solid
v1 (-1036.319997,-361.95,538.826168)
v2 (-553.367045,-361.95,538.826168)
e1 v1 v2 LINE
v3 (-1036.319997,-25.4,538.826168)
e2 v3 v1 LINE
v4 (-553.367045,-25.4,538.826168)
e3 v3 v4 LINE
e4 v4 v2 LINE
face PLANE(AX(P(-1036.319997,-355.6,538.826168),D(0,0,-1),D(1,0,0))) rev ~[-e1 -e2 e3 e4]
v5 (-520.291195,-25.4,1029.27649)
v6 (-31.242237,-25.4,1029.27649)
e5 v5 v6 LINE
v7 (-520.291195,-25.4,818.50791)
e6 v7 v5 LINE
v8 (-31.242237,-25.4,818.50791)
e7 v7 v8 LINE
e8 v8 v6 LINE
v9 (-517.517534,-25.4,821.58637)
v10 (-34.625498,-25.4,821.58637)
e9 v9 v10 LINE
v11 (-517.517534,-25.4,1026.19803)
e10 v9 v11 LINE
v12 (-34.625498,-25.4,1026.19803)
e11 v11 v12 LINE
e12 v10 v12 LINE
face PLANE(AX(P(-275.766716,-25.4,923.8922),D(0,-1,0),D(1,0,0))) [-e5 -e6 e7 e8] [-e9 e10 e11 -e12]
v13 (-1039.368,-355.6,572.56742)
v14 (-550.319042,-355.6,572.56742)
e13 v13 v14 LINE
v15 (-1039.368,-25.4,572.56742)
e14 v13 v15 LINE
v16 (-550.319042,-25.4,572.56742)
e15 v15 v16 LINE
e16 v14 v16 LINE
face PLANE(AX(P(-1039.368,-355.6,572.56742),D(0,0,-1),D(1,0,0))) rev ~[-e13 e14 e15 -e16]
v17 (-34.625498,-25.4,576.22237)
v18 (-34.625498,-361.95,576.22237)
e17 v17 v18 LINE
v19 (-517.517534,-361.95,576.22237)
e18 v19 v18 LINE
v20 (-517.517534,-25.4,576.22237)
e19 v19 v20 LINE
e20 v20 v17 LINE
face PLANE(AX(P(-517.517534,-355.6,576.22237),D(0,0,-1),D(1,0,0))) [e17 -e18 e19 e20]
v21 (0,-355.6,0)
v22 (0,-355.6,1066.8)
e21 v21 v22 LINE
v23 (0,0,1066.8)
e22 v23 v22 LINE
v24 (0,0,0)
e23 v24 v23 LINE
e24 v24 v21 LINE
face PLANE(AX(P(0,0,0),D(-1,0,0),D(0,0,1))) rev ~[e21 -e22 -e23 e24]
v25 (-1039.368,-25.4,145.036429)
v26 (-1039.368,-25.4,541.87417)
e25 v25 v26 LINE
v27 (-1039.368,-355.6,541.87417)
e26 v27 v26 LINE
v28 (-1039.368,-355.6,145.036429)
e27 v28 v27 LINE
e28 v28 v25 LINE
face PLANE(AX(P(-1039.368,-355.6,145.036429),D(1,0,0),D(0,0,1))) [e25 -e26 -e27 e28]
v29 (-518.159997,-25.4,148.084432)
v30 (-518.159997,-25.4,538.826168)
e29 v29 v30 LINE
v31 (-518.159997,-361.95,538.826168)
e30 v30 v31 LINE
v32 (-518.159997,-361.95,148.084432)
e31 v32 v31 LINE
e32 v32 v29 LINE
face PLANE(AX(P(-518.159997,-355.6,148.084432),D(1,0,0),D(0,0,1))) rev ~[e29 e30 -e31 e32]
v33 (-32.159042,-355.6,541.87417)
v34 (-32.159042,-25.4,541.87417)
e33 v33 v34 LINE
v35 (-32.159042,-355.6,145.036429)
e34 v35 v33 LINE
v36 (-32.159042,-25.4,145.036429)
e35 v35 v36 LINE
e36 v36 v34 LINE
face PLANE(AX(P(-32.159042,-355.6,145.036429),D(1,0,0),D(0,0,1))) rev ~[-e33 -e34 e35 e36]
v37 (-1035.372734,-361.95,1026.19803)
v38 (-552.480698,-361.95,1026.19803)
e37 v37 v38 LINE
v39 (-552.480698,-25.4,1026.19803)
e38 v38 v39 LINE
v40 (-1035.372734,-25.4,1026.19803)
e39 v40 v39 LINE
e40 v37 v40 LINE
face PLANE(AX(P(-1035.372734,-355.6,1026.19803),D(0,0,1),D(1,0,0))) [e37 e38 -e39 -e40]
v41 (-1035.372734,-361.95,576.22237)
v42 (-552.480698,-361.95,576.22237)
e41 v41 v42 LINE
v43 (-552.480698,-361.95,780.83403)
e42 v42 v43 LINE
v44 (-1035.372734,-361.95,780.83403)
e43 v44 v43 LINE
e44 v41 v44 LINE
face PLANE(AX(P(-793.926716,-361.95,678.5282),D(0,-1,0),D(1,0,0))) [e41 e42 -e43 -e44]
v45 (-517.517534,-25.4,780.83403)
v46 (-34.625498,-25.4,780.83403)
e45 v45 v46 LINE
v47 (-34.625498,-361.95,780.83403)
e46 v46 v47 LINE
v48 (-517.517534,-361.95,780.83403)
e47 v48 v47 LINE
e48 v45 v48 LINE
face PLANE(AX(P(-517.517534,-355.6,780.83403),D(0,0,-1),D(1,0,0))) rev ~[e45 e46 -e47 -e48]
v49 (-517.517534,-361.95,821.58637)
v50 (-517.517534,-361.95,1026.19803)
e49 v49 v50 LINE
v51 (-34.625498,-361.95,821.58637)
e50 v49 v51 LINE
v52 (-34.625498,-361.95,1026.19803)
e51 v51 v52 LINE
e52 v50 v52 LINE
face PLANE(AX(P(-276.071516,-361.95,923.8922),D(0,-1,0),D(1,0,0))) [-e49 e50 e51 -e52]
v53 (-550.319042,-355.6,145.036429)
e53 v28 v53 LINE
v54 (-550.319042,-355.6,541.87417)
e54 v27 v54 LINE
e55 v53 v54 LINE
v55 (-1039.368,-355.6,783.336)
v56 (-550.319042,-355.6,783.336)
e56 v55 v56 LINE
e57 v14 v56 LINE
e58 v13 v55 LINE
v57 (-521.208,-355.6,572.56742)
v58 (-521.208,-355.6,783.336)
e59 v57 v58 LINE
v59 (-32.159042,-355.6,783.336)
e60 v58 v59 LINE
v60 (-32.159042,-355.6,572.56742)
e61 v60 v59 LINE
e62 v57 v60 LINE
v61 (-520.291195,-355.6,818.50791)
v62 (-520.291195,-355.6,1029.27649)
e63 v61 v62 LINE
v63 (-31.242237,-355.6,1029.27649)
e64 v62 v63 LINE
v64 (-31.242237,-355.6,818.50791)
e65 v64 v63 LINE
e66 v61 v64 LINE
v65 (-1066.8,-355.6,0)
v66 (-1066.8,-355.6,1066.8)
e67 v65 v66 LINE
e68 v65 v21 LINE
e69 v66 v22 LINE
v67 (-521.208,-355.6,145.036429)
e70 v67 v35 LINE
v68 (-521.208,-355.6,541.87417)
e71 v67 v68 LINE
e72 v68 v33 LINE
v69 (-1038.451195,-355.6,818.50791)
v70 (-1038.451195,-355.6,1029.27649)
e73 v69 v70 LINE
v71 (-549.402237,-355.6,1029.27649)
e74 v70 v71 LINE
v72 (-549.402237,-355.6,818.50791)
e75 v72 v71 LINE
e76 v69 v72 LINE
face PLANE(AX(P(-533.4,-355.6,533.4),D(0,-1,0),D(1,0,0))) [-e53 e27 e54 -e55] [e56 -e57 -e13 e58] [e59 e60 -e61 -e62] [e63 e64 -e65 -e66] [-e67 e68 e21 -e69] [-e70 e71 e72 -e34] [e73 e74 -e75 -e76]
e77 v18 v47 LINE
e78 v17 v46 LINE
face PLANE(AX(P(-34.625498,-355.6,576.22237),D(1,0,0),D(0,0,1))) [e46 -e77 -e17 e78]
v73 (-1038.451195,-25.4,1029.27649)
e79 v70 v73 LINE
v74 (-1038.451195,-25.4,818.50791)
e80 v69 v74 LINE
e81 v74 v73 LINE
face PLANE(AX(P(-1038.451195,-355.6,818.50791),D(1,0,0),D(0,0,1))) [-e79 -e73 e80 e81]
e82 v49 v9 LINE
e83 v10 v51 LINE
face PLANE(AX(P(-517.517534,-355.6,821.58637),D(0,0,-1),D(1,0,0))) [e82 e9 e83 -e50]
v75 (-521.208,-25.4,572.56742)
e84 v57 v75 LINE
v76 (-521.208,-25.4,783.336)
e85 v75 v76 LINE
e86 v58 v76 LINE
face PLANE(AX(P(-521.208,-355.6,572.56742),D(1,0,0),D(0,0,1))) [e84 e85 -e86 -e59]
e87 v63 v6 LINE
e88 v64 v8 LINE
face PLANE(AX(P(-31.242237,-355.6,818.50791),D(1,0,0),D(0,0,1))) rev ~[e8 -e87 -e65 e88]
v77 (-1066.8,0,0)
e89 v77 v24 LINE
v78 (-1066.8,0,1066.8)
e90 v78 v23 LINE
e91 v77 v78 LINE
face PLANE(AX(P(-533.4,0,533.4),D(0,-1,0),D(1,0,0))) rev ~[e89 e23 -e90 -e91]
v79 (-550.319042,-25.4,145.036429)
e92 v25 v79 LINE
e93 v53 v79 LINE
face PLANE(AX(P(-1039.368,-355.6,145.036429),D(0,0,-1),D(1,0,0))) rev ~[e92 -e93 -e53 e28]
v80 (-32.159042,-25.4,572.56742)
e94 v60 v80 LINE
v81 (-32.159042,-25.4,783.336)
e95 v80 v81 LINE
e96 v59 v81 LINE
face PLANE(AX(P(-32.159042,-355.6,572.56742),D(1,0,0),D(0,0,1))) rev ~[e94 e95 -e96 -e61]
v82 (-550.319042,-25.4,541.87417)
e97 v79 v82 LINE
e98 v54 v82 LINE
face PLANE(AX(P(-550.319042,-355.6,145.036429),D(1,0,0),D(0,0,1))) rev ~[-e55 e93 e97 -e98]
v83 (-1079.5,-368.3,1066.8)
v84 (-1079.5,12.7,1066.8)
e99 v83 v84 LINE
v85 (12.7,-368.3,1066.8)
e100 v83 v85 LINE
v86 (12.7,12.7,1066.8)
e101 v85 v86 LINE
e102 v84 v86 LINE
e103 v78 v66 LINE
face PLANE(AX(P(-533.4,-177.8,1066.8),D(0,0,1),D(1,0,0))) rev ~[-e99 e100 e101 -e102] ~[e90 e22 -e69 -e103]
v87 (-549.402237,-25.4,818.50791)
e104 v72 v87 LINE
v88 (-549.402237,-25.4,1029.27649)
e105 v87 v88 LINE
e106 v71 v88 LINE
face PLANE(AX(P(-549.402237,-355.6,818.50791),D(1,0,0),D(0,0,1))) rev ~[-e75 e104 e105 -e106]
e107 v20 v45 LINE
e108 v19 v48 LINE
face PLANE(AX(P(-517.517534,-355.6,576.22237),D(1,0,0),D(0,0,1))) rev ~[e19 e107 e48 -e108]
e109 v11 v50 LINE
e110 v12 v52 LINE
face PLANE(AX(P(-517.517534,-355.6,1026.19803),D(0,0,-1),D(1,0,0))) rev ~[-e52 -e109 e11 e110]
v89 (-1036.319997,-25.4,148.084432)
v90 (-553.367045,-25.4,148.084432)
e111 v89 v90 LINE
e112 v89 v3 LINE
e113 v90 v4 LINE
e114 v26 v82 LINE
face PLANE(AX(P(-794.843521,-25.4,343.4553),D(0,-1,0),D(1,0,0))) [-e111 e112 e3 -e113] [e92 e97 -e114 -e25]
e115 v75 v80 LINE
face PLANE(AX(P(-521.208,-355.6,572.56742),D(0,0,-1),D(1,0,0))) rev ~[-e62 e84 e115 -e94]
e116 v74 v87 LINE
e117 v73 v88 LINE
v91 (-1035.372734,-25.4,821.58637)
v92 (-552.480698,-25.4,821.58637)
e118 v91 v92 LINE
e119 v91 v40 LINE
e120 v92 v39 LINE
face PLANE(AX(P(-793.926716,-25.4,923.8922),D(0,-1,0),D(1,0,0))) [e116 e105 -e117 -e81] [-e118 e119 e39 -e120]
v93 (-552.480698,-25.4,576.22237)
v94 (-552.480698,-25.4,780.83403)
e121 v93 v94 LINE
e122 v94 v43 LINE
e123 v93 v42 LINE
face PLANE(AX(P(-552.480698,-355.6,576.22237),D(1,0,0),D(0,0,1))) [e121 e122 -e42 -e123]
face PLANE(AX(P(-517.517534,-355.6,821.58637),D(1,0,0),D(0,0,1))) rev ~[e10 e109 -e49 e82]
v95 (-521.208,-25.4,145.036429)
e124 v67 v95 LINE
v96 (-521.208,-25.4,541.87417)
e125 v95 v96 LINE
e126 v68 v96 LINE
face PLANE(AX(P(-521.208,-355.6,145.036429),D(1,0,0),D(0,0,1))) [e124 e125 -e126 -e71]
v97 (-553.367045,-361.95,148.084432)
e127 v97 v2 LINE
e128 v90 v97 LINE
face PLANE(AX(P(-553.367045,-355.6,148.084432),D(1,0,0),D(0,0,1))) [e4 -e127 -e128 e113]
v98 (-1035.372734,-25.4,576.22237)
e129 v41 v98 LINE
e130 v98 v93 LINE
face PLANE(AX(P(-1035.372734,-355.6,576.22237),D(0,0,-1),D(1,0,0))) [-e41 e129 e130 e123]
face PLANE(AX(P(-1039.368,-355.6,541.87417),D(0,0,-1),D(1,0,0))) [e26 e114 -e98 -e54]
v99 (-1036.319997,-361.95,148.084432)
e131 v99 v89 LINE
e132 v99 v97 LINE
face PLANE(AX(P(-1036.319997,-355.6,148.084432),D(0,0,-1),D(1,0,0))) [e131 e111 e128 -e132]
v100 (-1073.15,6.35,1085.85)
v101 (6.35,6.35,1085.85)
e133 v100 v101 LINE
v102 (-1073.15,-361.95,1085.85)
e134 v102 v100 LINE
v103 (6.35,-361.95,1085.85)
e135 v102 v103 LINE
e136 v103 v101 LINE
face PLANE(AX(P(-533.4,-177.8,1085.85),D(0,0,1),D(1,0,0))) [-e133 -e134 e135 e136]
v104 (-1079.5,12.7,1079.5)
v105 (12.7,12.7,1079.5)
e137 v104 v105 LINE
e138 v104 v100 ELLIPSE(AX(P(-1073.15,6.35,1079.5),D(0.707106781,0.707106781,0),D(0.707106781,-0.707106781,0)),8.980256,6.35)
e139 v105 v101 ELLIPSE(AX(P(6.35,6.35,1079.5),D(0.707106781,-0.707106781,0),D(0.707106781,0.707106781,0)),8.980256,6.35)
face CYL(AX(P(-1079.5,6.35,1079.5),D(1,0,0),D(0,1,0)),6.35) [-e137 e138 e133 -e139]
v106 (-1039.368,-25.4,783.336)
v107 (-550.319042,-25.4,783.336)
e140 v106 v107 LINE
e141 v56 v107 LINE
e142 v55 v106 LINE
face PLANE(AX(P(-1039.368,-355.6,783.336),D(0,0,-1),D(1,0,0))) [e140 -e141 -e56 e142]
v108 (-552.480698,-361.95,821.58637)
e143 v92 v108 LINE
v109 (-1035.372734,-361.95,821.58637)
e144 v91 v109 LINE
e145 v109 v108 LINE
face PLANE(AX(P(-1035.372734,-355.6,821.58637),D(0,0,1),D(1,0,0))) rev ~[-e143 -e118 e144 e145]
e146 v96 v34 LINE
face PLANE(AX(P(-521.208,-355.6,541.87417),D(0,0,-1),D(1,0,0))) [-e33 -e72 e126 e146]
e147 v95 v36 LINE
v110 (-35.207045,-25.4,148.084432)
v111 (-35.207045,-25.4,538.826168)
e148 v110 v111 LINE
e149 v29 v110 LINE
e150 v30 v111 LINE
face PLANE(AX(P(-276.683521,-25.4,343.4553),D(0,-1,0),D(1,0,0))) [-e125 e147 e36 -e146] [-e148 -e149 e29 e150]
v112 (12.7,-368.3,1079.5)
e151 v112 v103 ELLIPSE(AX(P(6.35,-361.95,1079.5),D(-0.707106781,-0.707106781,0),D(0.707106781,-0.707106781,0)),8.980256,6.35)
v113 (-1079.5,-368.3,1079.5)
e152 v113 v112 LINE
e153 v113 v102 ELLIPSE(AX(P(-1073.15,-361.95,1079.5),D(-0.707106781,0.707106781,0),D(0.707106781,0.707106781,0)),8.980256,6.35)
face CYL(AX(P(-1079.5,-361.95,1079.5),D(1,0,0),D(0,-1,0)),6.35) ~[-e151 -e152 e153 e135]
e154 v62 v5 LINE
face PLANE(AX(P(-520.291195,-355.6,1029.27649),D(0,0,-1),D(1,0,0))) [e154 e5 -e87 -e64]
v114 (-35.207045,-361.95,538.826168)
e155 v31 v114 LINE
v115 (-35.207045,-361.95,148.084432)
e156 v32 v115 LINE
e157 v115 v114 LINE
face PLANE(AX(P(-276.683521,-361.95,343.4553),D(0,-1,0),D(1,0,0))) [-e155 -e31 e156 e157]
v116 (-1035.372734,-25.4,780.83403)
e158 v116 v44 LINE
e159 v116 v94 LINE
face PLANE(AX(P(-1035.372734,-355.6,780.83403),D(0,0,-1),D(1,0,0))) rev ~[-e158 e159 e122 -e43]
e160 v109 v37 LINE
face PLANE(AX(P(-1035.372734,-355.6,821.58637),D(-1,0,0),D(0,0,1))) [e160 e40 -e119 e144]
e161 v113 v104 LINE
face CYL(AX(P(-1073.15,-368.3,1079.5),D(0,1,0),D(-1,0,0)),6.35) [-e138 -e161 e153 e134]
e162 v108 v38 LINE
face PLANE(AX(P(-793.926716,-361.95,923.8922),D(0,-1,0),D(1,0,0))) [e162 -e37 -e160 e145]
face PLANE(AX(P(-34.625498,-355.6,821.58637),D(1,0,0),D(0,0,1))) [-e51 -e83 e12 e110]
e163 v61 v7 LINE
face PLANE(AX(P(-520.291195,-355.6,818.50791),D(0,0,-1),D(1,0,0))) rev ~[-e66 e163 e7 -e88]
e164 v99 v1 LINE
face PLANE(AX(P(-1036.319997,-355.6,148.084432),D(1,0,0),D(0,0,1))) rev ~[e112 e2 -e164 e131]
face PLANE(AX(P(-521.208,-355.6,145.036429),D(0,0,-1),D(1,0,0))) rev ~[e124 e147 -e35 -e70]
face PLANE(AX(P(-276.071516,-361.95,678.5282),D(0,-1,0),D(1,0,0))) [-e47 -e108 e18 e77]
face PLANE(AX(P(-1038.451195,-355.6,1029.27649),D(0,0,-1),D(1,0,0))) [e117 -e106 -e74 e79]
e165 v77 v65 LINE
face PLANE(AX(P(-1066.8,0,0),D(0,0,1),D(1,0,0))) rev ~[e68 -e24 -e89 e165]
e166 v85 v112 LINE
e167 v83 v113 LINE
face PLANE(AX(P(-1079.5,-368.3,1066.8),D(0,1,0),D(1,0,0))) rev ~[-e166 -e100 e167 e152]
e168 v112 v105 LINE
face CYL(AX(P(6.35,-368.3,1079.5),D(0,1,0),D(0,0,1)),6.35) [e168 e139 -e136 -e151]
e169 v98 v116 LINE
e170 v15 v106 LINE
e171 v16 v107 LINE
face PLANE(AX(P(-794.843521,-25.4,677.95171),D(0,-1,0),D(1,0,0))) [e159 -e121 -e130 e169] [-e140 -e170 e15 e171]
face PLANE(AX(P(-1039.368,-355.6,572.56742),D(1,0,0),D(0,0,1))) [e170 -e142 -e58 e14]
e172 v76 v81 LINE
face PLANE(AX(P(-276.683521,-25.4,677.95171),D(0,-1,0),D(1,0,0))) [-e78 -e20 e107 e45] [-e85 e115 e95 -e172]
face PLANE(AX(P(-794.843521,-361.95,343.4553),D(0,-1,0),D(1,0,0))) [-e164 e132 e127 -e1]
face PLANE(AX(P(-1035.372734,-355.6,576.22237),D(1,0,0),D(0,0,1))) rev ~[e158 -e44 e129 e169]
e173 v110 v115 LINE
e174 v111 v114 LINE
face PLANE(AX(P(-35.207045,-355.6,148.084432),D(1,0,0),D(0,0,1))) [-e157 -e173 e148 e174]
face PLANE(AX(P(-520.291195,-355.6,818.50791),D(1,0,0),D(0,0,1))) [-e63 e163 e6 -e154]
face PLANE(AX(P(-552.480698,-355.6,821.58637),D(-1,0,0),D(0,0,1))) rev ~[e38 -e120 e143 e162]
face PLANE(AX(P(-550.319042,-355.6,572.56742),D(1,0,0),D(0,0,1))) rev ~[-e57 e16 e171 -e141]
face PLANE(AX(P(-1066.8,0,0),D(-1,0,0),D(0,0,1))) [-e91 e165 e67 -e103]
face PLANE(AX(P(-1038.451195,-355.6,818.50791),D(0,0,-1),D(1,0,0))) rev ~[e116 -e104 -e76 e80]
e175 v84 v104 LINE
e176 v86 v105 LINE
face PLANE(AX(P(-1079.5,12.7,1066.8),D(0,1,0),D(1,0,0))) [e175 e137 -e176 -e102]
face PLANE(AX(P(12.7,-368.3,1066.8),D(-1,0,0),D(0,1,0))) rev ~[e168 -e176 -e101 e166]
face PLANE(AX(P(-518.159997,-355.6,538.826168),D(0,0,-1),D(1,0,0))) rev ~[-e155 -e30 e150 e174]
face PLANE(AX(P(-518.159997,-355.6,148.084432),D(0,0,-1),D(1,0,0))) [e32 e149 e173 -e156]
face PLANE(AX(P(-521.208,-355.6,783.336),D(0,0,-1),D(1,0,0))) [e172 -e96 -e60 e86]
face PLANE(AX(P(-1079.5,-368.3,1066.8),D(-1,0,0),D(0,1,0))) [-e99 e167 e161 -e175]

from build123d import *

# Parameters (mm, degrees)
F0_W          = 1066.8
F0_H          = 1066.8
F1_DEPTH      = 355.6
F2_W          = 1092.2
F2_H          = 381
F3_DEPTH      = 19.05
F4_R          = 6.35
F5_W          = 489.0489578247
F5_H          = 210.7685804367
F5_H_2        = 396.8377411366
F6_DEPTH      = 330.2
F7_W          = 482.892036438
F7_H          = 204.61165905
F7_W_2        = 482.9529523849
F7_H_2        = 390.7417356968
F8_DEPTH      = 330.2
F8_DEPTH_BACK = 6.35


with BuildPart() as f1:
    # F0 (on Front) → F1 (new body)
    with BuildSketch(Plane.XZ):
        with Locations((-533.4, 533.4)):
            Rectangle(F0_W, F0_H)
    extrude(amount=F1_DEPTH)

    # F2 (on face) → F3 (join)
    with BuildSketch(Plane.XY.offset(1066.8)):
        with Locations((-533.4, -177.8)):
            Rectangle(F2_W, F2_H)
    extrude(amount=F3_DEPTH)

    # F4
    f4_edges = [f1.edges().sort_by_distance(p)[0] for p in [
        (-533.4, 12.7, 1085.85),
        (-1079.5, -177.8, 1085.85),
        (-533.4, -368.3, 1085.85),
        (12.7, -177.8, 1085.85),
    ]]
    fillet(f4_edges, radius=F4_R)

    # F5 (on face) → F6 (cut)
    with BuildSketch(Plane.XZ.offset(355.6)):
        with Locations((-793.9267158508, 923.8921999931)):
            Rectangle(F5_W, F5_H)
        with Locations((-275.7667158508, 923.8921999931)):
            Rectangle(F5_W, F5_H)
        with Locations((-276.6835210876, 677.9517097816)):
            Rectangle(F5_W, F5_H)
        with Locations((-794.8435210876, 677.9517097816)):
            Rectangle(F5_W, F5_H)
        with Locations((-794.8435210876, 343.4552997351)):
            Rectangle(F5_W, F5_H_2)
        with Locations((-276.6835210876, 343.4552997351)):
            Rectangle(F5_W, F5_H_2)
    extrude(amount=-F6_DEPTH, mode=Mode.SUBTRACT)

    # F7 (on face) → F8 (join, two sides)
    with BuildSketch(Plane.XZ.offset(355.6)) as f8_sk:
        with Locations((-793.9267158508, 923.8921999931)):
            Rectangle(F7_W, F7_H)
        with Locations((-793.9267158508, 678.5281999931)):
            Rectangle(F7_W, F7_H)
        with Locations((-276.0715158508, 923.8921999931)):
            Rectangle(F7_W, F7_H)
        with Locations((-276.0715158508, 678.5281999931)):
            Rectangle(F7_W, F7_H)
        with Locations((-794.8435210876, 343.4552997351)):
            Rectangle(F7_W_2, F7_H_2)
        with Locations((-276.6835210876, 343.4552997351)):
            Rectangle(F7_W_2, F7_H_2)
    extrude(amount=-F8_DEPTH)
    extrude(f8_sk.sketch, amount=F8_DEPTH_BACK)


solid = f1.part
